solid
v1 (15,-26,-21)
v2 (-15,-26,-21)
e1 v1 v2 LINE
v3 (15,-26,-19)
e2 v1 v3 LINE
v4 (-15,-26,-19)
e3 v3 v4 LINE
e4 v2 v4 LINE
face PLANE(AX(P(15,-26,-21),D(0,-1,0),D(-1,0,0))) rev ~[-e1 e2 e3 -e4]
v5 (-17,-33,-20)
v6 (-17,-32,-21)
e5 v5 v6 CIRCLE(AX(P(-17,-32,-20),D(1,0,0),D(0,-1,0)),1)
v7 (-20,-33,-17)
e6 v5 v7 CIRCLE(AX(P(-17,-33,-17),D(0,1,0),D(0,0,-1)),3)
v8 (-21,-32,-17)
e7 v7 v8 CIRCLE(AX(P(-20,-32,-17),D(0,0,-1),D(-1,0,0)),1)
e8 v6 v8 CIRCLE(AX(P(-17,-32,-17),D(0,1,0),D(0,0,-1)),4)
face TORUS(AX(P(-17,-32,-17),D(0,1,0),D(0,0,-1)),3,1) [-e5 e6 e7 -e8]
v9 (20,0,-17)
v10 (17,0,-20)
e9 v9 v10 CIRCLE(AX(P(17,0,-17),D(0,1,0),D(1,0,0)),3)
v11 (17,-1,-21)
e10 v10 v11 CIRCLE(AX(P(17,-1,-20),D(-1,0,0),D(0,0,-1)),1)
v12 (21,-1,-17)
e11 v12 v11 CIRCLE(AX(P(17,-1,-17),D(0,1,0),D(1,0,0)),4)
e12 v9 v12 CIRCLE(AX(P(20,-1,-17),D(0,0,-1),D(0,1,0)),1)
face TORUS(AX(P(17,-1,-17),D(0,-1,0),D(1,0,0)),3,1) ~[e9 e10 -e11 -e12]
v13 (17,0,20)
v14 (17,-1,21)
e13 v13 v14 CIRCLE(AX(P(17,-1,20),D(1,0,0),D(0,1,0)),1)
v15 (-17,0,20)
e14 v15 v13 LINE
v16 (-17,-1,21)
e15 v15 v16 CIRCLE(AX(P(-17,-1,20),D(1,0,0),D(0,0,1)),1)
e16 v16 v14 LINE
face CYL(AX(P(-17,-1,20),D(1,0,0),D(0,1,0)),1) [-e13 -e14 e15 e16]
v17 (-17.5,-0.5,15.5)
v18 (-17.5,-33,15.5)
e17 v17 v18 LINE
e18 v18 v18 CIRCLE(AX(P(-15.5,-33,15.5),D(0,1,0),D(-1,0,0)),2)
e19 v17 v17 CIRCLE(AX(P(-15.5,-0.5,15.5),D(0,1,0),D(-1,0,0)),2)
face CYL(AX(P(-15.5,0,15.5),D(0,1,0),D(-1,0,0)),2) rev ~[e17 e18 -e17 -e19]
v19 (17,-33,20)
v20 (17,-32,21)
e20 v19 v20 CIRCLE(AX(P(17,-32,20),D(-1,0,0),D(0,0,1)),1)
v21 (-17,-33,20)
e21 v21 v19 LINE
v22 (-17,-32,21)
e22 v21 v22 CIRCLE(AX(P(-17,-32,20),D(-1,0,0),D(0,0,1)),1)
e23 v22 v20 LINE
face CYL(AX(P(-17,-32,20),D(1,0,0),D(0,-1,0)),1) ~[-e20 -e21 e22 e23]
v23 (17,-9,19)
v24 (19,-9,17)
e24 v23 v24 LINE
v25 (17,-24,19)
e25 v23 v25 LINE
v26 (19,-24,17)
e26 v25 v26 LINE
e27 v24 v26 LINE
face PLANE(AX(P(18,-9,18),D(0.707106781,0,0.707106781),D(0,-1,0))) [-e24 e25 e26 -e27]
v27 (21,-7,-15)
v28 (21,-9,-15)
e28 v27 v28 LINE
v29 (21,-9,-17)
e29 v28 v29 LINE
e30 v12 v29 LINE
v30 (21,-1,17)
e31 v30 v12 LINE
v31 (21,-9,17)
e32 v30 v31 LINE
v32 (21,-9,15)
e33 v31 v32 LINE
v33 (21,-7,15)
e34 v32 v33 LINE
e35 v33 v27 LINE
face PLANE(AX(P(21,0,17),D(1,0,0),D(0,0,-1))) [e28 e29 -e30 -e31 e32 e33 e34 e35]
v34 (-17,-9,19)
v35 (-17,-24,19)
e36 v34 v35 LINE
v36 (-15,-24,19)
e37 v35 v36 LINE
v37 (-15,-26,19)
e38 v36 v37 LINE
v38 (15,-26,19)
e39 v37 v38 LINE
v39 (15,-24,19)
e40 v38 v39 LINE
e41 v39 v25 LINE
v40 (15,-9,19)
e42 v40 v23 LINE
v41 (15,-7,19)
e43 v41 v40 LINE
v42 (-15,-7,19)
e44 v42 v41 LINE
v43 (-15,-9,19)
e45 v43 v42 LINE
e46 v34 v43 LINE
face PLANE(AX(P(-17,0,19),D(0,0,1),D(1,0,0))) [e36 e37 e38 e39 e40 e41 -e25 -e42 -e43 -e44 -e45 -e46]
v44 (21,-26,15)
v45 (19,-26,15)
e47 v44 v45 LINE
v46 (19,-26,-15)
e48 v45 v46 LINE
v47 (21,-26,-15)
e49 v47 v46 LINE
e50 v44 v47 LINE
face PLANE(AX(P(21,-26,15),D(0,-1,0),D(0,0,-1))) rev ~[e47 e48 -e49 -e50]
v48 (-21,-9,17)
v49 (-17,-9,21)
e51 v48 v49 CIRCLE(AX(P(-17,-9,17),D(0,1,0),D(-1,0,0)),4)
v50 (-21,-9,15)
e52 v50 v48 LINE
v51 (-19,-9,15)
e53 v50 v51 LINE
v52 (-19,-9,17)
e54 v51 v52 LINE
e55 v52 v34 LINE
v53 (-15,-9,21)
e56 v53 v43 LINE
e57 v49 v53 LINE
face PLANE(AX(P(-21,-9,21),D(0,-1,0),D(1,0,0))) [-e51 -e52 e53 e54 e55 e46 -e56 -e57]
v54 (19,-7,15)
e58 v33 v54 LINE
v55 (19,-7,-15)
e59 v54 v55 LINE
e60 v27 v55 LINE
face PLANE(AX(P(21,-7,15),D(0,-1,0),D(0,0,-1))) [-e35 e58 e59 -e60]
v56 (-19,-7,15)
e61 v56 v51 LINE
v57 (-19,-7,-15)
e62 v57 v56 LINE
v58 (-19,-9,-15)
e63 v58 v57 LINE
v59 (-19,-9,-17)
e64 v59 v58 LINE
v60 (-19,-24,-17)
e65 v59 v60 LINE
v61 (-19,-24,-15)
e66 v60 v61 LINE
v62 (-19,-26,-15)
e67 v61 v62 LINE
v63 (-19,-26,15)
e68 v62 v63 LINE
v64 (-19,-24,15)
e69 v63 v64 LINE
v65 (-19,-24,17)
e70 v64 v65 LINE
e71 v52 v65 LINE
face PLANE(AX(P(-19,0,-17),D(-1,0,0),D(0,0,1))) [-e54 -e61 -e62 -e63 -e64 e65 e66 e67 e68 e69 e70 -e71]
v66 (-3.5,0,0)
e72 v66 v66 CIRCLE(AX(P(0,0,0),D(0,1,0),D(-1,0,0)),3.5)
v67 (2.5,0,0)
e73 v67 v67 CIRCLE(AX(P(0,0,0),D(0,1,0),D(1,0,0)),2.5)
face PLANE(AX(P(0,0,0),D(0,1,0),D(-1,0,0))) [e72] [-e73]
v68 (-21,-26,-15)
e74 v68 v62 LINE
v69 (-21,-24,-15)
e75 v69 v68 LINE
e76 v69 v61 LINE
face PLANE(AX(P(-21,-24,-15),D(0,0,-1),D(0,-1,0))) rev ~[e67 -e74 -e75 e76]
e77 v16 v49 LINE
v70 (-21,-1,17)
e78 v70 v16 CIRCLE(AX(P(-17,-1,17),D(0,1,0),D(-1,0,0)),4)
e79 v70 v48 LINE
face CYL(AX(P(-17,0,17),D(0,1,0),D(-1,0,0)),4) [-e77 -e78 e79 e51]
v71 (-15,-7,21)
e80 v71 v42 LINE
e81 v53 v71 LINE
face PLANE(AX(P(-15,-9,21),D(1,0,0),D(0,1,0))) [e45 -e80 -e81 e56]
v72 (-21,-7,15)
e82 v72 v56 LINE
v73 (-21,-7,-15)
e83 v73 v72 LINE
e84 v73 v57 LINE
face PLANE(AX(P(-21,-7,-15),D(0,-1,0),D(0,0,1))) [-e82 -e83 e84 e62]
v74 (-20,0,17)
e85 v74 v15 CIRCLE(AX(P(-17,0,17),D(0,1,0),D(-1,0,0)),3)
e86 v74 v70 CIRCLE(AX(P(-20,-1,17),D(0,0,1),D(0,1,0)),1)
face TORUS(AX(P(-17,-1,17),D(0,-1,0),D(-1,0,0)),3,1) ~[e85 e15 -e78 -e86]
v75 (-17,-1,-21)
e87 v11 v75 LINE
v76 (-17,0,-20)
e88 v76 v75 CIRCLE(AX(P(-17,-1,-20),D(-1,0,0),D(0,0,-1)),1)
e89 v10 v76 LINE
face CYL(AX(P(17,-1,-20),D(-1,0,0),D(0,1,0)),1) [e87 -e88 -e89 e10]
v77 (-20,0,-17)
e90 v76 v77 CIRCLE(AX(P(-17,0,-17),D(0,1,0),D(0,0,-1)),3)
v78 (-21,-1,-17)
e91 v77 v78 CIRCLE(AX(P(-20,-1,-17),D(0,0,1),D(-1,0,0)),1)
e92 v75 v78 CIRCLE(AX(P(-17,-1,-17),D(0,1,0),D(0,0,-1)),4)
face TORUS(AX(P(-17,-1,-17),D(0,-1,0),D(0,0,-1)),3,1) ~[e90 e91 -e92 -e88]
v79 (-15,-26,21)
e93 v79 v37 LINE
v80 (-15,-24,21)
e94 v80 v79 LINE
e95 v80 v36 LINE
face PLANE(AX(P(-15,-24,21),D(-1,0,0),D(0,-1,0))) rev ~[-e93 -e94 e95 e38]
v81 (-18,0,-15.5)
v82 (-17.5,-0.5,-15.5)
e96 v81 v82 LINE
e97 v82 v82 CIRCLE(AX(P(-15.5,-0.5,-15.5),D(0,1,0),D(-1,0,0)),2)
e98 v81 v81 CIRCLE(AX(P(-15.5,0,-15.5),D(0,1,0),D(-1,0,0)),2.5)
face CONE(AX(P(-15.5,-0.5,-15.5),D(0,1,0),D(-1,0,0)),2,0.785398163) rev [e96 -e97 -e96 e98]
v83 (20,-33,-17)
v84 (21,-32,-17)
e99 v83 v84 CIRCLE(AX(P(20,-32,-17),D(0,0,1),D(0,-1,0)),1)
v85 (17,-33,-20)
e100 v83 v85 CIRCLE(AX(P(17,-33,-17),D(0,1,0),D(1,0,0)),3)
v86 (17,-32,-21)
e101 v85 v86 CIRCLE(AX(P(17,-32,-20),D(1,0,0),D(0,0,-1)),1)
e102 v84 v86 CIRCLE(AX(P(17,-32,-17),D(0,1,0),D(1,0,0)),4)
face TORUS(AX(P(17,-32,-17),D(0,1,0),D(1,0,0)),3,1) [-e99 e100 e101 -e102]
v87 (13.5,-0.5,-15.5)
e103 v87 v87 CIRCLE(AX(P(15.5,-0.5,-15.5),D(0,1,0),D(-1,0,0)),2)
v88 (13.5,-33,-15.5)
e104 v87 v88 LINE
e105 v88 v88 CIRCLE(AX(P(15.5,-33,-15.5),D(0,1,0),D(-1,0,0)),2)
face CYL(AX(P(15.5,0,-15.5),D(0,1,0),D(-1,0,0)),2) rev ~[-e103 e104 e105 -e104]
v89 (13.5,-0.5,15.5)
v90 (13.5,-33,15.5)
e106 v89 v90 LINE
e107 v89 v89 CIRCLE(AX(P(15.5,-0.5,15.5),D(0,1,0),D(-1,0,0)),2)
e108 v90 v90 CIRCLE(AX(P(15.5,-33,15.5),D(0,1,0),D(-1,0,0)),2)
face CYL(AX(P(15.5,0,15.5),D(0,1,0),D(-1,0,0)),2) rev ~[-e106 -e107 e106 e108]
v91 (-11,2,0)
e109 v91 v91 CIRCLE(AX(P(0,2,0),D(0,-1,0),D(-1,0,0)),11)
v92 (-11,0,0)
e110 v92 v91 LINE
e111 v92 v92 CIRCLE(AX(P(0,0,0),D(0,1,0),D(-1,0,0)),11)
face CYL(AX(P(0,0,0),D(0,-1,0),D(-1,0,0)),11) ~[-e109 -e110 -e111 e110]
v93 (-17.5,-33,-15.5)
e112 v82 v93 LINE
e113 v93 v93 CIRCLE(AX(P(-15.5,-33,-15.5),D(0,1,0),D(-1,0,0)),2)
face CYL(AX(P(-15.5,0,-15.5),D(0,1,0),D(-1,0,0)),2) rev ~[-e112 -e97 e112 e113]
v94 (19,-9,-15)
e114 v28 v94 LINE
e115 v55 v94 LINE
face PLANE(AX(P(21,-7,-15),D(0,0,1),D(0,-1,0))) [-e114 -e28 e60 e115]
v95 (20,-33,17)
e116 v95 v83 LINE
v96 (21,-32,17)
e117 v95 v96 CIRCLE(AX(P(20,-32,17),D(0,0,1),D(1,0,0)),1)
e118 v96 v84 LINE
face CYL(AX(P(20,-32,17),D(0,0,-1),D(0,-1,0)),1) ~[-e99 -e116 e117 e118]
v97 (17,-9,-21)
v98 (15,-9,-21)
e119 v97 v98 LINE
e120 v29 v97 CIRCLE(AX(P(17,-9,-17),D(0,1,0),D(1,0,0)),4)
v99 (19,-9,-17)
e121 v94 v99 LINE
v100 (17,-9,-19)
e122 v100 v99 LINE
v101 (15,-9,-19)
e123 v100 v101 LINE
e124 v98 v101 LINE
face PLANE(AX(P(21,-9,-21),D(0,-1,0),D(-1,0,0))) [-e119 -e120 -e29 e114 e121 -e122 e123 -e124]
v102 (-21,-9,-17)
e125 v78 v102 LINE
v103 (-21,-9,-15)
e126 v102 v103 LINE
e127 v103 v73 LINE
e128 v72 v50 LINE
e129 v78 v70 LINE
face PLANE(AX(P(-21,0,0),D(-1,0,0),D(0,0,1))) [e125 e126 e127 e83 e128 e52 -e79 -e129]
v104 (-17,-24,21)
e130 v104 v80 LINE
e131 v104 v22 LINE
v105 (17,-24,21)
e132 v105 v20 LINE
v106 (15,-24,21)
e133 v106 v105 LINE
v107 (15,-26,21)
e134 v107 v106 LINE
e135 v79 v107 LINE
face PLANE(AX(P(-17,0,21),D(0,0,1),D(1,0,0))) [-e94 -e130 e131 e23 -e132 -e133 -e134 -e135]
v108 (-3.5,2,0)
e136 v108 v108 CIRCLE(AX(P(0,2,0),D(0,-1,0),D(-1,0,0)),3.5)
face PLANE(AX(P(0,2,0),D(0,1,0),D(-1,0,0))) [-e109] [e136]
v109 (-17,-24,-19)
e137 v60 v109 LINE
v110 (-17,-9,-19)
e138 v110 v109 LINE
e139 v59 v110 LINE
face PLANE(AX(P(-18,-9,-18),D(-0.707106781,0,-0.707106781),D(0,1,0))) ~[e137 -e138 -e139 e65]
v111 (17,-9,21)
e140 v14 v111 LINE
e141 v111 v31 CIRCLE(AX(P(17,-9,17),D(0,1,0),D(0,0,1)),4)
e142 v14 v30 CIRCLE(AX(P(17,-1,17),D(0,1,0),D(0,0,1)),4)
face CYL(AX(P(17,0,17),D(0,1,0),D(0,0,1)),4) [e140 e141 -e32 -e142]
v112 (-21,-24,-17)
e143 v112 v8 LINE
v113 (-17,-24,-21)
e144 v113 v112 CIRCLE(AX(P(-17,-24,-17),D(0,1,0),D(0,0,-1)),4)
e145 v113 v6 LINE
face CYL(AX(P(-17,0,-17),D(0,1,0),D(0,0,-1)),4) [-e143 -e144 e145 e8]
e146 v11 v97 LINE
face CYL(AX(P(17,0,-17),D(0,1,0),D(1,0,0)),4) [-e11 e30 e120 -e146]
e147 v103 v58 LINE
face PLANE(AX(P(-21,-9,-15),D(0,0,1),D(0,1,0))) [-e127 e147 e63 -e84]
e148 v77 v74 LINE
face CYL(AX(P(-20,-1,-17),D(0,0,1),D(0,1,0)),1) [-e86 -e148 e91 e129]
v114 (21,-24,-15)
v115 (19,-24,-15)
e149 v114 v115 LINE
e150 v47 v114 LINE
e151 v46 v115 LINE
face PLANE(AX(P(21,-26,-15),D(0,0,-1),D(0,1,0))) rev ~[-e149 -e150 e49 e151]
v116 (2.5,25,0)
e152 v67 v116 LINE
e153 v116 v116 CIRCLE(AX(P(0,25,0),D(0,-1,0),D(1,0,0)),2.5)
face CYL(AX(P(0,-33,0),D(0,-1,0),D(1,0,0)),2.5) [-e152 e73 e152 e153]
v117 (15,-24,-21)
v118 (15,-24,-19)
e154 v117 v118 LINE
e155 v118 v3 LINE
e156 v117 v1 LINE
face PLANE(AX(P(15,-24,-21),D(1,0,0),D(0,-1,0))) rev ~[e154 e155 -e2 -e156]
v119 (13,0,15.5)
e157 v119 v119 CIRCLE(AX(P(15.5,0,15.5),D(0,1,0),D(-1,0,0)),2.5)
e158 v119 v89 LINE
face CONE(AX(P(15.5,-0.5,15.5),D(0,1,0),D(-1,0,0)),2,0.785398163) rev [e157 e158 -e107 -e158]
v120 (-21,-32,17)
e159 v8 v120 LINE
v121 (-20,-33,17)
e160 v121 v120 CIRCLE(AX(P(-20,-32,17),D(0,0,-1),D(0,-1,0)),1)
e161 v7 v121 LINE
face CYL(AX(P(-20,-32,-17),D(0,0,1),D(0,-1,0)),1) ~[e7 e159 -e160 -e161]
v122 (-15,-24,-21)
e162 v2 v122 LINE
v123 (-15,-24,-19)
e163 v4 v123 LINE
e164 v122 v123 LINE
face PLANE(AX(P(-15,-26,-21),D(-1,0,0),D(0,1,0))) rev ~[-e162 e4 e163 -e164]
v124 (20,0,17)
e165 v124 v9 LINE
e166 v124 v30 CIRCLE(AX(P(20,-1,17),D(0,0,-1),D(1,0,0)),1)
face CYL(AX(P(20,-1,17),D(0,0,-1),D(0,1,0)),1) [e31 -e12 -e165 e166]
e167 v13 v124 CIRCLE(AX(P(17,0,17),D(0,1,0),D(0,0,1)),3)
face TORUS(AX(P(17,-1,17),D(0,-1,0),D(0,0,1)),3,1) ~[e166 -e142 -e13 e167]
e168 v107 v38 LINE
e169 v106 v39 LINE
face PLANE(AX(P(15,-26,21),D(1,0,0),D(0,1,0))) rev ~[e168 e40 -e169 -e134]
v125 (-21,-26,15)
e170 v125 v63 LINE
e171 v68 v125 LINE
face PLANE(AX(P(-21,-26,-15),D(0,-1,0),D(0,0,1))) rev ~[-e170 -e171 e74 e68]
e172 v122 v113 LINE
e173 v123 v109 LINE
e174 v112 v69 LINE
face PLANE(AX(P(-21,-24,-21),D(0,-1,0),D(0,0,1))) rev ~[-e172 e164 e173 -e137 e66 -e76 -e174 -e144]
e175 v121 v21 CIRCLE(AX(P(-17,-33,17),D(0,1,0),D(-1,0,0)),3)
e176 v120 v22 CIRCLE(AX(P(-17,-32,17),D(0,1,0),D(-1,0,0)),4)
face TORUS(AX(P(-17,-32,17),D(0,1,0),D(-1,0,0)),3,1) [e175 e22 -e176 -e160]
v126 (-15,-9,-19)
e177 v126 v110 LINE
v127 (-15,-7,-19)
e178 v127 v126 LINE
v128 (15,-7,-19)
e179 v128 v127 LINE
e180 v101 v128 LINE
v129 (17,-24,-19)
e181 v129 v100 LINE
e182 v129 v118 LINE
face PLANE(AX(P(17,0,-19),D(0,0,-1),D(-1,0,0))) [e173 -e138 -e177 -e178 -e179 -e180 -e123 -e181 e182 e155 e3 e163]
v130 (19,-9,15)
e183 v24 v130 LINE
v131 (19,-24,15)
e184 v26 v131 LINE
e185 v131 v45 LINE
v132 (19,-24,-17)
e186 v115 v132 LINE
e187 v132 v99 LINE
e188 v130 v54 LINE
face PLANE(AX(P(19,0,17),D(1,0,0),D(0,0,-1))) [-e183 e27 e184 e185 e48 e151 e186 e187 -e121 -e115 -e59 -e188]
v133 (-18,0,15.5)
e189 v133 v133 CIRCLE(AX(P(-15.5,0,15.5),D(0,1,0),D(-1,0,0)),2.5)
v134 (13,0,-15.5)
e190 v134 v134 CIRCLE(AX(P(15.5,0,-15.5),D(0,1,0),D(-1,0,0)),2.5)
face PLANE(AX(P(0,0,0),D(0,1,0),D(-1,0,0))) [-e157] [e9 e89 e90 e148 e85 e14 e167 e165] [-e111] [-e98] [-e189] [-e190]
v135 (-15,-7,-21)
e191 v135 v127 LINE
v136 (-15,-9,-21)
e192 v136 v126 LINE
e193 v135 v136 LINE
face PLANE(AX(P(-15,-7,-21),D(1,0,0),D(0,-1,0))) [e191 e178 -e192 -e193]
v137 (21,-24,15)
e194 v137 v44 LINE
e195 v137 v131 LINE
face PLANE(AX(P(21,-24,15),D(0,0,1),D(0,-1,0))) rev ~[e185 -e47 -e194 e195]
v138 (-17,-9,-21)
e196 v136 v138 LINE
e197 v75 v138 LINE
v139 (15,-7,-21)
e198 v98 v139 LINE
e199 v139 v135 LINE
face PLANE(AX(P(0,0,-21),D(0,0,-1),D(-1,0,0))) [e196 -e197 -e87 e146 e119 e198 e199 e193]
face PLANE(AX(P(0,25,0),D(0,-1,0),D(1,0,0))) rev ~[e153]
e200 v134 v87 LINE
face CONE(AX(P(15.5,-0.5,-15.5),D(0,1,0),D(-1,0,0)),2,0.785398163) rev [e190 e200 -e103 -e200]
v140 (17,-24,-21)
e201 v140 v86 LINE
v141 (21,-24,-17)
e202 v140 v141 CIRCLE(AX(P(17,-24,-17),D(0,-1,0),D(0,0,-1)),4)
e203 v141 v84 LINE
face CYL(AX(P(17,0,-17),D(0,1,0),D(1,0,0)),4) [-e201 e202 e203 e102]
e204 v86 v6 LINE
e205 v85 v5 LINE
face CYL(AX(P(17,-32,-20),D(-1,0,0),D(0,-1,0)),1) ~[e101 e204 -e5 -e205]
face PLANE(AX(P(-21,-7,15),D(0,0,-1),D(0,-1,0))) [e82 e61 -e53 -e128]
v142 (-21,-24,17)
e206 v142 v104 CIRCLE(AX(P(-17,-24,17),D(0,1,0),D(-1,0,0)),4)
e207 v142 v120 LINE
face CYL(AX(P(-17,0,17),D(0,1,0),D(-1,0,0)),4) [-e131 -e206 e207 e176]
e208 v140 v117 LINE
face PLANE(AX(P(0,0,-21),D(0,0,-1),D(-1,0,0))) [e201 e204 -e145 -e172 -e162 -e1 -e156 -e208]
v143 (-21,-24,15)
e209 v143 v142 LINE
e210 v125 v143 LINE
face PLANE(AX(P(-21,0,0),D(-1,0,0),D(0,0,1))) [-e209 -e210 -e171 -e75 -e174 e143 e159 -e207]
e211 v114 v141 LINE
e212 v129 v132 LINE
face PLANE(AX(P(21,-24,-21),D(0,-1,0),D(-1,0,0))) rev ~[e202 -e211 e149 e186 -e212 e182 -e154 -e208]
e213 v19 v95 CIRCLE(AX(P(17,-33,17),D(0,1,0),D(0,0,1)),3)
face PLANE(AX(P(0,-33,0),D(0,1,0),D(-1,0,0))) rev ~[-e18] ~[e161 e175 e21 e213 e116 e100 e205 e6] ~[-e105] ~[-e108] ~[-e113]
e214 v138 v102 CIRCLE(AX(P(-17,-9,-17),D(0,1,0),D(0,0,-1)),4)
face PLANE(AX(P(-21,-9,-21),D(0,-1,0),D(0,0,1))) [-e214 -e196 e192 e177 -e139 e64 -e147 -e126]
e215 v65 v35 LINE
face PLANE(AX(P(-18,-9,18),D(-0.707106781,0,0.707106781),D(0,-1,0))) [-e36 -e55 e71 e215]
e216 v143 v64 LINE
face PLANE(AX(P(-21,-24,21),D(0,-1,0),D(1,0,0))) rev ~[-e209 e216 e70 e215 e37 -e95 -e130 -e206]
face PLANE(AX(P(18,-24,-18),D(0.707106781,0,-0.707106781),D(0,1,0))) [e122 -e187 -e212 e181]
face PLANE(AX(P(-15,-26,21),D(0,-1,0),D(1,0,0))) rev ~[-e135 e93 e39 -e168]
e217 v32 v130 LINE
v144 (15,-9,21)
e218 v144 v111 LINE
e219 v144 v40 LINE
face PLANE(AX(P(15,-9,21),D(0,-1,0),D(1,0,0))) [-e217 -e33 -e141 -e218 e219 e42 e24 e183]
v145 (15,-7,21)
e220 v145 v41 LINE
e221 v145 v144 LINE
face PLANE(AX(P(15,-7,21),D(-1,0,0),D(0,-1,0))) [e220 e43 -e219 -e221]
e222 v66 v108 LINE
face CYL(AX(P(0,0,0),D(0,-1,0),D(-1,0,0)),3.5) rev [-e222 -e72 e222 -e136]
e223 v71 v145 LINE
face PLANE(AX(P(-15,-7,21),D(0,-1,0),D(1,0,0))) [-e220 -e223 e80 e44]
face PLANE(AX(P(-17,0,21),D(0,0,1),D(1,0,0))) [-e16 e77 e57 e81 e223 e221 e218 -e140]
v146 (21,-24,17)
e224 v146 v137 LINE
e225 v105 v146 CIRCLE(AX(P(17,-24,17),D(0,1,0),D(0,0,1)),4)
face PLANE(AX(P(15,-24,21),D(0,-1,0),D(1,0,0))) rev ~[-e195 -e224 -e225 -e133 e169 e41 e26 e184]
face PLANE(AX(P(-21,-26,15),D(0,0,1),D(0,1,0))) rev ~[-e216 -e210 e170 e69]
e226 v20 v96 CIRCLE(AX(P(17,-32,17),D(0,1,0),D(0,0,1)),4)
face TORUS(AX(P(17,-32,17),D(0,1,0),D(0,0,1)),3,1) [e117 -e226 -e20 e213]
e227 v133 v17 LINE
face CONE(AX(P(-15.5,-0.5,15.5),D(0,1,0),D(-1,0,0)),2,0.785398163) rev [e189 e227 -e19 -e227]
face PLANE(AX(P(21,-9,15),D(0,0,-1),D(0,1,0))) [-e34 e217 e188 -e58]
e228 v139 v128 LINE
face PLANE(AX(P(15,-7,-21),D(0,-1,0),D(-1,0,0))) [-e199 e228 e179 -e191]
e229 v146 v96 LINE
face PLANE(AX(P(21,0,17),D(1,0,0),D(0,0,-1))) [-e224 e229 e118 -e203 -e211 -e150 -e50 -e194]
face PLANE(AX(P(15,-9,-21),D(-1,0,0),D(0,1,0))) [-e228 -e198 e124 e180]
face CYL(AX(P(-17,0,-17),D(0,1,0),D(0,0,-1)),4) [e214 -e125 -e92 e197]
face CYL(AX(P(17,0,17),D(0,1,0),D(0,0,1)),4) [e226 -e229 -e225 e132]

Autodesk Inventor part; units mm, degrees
ref_plane "YZ Plane" through (0, 0, 0) normal (1, 0, 0) x (0, 1, 0)
ref_plane "XZ Plane" through (0, 0, 0) normal (0, 1, 0) x (-1, 0, 0)
ref_plane "XY Plane" through (0, 0, 0) normal (0, 0, 1) x (1, 0, 0)
sketch "Sketch1" plane through (0, 0, 0) normal (0, 1, 0) x (-1, 0, 0)
  line L0 (17, 21) -> (-17, 21)
  line L1 (-21, 17) -> (-21, -17)
  line L2 (-17, -21) -> (17, -21)
  line L3 (21, -17) -> (21, 17)
  line L4 (0, -30.5598) -> (0, 30.5598) projected
  line L5 (-30.5598, 0) -> (30.5598, 0) projected
  circle A0 centre (0, 0) radius 2.5
  circle A1 centre (0, 0) radius 3.5
  circle A2 centre (0, 0) radius 11
  circle A3 centre (15.5, 15.5) radius 2
  circle A4 centre (15.5, -15.5) radius 2
  circle A5 centre (-15.5, -15.5) radius 2
  circle A6 centre (-15.5, 15.5) radius 2
  arc A7 (21, 17) -> (17, 21) centre (17, 17) ccw
  arc A8 (17, -21) -> (21, -17) centre (17, -17) ccw
  arc A9 (-21, -17) -> (-17, -21) centre (-17, -17) ccw
  arc A10 (-17, 21) -> (-21, 17) centre (-17, 17) ccw
  point P0 (21, 21)
  point P1 (21, -21)
  dimension "d0" = 5
  dimension "d1" = 7
  dimension "d2" = 22
  dimension "d3" = 42
  dimension "d4" = 4
  dimension "d5" = 31
  dimension "d6" = 31
  dimension "d7" = 4
extrude "Extrusion1" add sketch "Sketch1" against normal blind 33 contours A7 L3 L5 A2 L4 L0 | L4 A2 L5 L1 A10 L0 | A2 L5 A1 L4 | L4 A1 L5 A2 | L3 A8 L2 L4 A2 L5 | A1 L5 A0 L4 | L4 A0 L5 A1 | A2 L4 A1 L5 | A2 L4 L2 A9 L1 L5 | L5 A1 L4 A2 | A1 L4 A0 L5 | L5 A0 L4 A1
extrude "Extrusion2" add sketch "Sketch1" along normal blind 2 contours A2 L5 A1 L4 | L4 A1 L5 A2 | A2 L4 A1 L5 | L5 A1 L4 A2
sketch "Sketch2" plane through (21, 0, 17) normal (1, 0, 0) x (0, 0, -1)
  line L0 (-4, 0) -> (0, 0) projected
  line L1 (0, -34) -> (-4, -34) projected
  line L2 (0, 0) -> (34, 0) projected
  line L3 (34, -33) -> (0, -33) projected
  line L4 (34, 0) -> (38, 0) projected
  line L5 (38, -34) -> (34, -34) projected
  line L6 (-4, -9) -> (2, -9)
  line L7 (2, -9) -> (2, -7)
  line L8 (2, -7) -> (32, -7)
  line L9 (32, -7) -> (32, -9)
  line L10 (32, -9) -> (38, -9)
  line L11 (-4, 0) -> (-4, -33) projected
  line L12 (-4, -24) -> (2, -24)
  line L13 (2, -24) -> (2, -26)
  line L14 (2, -26) -> (32, -26)
  line L15 (32, -26) -> (32, -24)
  line L16 (32, -24) -> (38, -24)
  line L17 (38, 0) -> (38, -33) projected
  line L18 (-4, -16.5) -> (38, -16.5) construction
  line L19 (-4, 0) -> (-4, -9)
  line L20 (-4, -24) -> (-4, -33)
  line L21 (38, 0) -> (38, -9)
  line L22 (38, -24) -> (38, -33)
  line L23 (17, -40.8) -> (17, 6.8) construction
  line L24 (-4, -9) -> (-4, -24)
  line L25 (38, -24) -> (38, -9)
  point P0 (17, 0)
  dimension "d12" = 6
  dimension "d13" = 7
  dimension "d14" = 2
extrude "Extrusion3" cut sketch "Sketch2" against normal blind 2 contours L6 L7 L8 L9 L10 L17 L16 L15 L14 L13 L12 L11
pattern_circular "Circular Pattern1" count 4 over 360 about axis through (0, 0, 0) along (0, -1, 0) of "Extrusion3"
chamfer "Chamfer1" distance 2 angle 45 4 edges at (-19, -16.5, 19) (-19, -16.5, -19) (19, -16.5, 19) (19, -16.5, -19)
sketch "Sketch3" plane through (0, -33, 0) normal (0, -1, 0) x (1, 0, 0)
  circle A0 centre (0, 0) radius 2.5 projected
  circle A1 centre (15.5, 15.5) radius 2 projected
  circle A2 centre (15.5, -15.5) radius 2 projected
  circle A3 centre (-15.5, -15.5) radius 2 projected
  circle A4 centre (-15.5, 15.5) radius 2 projected
  line L0 (17, 21) -> (-17, 21) projected
  arc A5 (-17, 21) -> (-21, 17) centre (-17, 17) ccw projected
  line L1 (-21, 17) -> (-21, -17) projected
  arc A6 (-21, -17) -> (-17, -21) centre (-17, -17) ccw projected
  line L2 (-17, -21) -> (17, -21) projected
  arc A7 (17, -21) -> (21, -17) centre (17, -17) ccw projected
  line L3 (21, -17) -> (21, 17) projected
  arc A8 (21, 17) -> (17, 21) centre (17, 17) ccw projected
extrude "Extrusion4" add sketch "Sketch3" against normal blind 58 contours A0
chamfer "Chamfer2" distance 0.5 angle 45 4 edges at (-13.5, 0, -15.5) (-13.5, 0, 15.5) (17.5, 0, 15.5) (17.5, 0, -15.5)
fillet "Fillet1" radius 1 16 edges at (-19.8284, 0, -19.8284) (-21, 0, 0) (-19.8284, 0, 19.8284) (0, 0, 21) (19.8284, 0, 19.8284) (21, 0, 0) (19.8284, 0, -19.8284) (0, 0, -21) (19.8284, -33, 19.8284) (0, -33, 21) (-19.8284, -33, 19.8284) (-21, -33, 0) (-19.8284, -33, -19.8284) (0, -33, -21) (19.8284, -33, -19.8284) (21, -33, 0)
properties part number "NEMA 17 Stepper"
